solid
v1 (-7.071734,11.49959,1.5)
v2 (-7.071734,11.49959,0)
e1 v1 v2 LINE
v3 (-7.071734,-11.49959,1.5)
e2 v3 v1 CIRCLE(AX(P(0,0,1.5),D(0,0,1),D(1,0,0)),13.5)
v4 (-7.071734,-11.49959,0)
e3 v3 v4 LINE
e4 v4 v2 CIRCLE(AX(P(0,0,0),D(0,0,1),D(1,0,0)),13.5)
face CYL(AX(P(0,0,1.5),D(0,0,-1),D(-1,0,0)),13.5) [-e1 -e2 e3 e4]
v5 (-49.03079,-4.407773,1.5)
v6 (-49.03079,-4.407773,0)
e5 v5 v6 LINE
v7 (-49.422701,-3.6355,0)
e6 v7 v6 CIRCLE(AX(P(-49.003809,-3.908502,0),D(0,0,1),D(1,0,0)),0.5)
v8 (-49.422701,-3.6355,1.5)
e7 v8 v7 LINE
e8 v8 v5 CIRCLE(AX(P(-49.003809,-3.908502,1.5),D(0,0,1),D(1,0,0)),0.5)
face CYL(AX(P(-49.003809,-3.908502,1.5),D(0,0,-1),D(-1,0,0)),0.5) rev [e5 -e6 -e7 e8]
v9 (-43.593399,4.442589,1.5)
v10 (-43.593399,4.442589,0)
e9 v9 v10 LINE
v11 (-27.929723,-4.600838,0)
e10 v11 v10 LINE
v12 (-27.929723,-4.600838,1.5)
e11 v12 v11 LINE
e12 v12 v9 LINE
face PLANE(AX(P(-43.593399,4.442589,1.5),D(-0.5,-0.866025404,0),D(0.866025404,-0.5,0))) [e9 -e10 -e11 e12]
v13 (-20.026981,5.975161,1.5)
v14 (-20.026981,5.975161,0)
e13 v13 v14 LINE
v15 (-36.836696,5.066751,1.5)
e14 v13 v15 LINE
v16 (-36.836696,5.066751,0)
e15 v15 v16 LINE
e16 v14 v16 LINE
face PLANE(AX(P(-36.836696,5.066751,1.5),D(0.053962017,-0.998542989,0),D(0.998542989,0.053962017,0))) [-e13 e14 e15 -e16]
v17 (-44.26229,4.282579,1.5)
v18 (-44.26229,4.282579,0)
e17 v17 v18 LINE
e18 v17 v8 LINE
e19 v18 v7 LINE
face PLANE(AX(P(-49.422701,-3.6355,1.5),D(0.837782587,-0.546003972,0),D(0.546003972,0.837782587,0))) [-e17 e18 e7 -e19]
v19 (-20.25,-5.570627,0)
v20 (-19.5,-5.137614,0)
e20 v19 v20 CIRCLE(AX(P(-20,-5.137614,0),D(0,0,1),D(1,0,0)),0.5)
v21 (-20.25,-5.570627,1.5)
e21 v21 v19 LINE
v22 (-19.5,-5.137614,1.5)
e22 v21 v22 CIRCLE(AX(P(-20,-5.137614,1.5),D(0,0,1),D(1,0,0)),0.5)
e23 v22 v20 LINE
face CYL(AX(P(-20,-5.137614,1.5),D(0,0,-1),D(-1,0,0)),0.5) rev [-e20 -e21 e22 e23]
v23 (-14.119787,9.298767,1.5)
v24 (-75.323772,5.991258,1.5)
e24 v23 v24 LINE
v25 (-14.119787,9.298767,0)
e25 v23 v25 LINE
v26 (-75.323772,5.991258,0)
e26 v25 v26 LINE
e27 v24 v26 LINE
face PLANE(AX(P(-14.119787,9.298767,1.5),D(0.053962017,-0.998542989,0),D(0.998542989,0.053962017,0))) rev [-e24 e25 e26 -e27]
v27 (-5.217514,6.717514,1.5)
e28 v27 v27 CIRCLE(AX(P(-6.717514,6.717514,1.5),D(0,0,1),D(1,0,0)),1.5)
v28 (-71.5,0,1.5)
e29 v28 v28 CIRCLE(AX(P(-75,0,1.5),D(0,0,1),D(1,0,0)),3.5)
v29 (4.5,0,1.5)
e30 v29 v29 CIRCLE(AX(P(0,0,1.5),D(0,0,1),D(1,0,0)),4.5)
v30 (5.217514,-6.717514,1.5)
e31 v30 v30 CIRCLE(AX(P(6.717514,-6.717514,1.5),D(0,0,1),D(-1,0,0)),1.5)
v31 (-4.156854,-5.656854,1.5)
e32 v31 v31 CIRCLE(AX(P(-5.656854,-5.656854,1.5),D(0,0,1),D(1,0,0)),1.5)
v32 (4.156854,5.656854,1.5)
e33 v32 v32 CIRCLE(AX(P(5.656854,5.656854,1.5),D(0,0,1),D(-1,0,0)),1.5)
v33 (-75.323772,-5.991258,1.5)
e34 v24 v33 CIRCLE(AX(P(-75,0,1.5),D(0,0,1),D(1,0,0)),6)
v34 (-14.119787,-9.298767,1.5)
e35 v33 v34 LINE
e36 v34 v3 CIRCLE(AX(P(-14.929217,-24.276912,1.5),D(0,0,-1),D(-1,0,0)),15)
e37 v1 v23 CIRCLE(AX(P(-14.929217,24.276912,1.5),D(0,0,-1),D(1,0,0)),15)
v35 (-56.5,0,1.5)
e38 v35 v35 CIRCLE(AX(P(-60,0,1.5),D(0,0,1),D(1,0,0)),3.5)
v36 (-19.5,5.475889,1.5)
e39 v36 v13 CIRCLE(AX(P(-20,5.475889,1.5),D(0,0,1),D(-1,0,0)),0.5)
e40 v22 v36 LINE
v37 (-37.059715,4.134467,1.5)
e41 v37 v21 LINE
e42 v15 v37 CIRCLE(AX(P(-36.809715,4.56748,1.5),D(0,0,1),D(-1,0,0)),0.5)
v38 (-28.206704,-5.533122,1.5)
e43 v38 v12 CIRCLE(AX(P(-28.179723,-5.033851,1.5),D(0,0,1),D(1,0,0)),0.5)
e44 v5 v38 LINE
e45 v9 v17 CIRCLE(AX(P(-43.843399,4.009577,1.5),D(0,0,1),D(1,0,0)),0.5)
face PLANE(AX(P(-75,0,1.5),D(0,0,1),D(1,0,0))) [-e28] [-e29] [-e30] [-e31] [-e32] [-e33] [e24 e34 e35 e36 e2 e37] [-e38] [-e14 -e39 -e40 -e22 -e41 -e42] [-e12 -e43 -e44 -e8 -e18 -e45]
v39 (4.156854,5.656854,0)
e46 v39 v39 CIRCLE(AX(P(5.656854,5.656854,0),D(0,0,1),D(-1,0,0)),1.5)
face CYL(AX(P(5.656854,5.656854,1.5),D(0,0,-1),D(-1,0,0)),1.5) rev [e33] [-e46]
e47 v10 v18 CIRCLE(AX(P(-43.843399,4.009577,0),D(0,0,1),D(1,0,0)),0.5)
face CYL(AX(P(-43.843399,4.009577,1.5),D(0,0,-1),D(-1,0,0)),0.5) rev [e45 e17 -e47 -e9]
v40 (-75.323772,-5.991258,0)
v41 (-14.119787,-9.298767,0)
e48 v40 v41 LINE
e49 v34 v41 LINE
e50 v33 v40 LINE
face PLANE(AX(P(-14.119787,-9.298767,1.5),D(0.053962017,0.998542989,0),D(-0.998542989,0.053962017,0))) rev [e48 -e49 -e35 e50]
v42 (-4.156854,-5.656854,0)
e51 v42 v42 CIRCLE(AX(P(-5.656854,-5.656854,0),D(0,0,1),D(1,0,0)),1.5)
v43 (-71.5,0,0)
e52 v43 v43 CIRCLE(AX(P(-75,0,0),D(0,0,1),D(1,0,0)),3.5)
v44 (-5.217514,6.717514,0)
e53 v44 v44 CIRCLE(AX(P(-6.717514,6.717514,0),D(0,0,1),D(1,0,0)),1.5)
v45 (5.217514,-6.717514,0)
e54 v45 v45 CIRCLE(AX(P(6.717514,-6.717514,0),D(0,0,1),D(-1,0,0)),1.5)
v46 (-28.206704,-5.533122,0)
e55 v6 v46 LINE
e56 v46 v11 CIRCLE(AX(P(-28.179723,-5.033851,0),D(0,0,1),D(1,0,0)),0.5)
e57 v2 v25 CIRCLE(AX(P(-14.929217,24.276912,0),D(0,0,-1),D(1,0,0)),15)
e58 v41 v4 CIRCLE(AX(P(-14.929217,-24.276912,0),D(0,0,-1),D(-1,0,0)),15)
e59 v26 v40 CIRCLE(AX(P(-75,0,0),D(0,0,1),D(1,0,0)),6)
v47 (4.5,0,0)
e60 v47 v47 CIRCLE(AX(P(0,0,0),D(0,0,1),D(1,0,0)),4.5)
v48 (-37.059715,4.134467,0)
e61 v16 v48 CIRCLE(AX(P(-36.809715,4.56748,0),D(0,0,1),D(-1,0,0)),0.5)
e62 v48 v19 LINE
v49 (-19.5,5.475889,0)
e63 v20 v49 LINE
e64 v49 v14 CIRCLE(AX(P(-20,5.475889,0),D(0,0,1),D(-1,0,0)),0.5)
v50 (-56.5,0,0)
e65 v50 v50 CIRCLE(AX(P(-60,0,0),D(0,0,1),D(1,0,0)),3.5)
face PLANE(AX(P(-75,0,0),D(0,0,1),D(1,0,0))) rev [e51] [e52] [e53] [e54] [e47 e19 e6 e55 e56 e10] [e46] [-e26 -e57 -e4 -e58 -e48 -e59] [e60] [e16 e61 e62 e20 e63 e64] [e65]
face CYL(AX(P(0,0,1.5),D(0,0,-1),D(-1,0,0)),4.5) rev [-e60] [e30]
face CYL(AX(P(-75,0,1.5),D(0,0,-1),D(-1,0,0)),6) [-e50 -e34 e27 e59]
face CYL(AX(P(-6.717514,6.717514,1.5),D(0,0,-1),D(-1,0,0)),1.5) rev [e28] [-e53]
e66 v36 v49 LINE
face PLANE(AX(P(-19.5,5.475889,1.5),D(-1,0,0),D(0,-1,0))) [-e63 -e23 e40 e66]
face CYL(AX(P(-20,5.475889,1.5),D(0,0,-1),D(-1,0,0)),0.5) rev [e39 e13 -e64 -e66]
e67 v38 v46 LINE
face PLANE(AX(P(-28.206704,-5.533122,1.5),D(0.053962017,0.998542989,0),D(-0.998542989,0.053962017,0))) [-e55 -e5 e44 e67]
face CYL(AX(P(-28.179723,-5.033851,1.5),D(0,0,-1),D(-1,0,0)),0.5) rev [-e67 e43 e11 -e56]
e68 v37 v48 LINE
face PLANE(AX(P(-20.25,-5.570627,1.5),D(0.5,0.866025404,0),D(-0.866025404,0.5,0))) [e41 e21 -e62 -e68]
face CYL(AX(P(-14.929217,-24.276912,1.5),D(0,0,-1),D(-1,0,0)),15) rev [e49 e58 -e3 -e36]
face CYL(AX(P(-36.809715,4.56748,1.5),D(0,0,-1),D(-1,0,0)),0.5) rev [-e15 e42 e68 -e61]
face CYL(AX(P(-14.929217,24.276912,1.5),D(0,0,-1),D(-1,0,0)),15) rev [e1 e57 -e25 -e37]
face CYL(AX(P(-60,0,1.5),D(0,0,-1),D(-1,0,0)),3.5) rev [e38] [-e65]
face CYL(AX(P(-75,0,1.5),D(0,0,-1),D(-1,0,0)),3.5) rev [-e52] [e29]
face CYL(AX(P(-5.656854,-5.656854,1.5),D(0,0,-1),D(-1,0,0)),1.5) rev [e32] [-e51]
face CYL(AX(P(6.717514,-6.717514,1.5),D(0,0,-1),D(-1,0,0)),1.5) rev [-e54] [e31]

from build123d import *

# Parameters (mm, degrees)
SKETCH_1_R      = 1.5
SKETCH_1_R_2    = 4.5
SKETCH_1_R_3    = 3.5
EXTRUDE_1_DEPTH = 1.5


with BuildPart() as part:
    # 草图1 → 凸台-拉伸1 (new body)
    with BuildSketch(Plane.XY):
        with BuildLine():
            Line((-14.119787017, 9.298767484), (-75.323772101, 5.991257934))
            ThreePointArc((-75.323772101, 5.991257934), (-81, 0), (-75.323772101, -5.991257934))
            Line((-75.323772101, -5.991257934), (-14.119787017, -9.298767484))
            ThreePointArc((-14.119787017, -9.298767484), (-10.458227409, -9.958733326), (-7.071734496, -11.499590046))
            ThreePointArc((-7.071734496, -11.499590046), (13.5, 0), (-7.071734496, 11.499590046))
            ThreePointArc((-7.071734496, 11.499590046), (-10.458227409, 9.958733326), (-14.119787017, 9.298767484))
        make_face()
        with Locations((-5.656854249, -5.656854249)):
            Circle(SKETCH_1_R, mode=Mode.SUBTRACT)
        with Locations((-6.717514421, 6.717514421)):
            Circle(SKETCH_1_R, mode=Mode.SUBTRACT)
        with Locations((5.656854249, 5.656854249)):
            Circle(SKETCH_1_R, mode=Mode.SUBTRACT)
        with Locations((6.717514421, -6.717514421)):
            Circle(SKETCH_1_R, mode=Mode.SUBTRACT)
        Circle(SKETCH_1_R_2, mode=Mode.SUBTRACT)
        with Locations((-60, 0)):
            Circle(SKETCH_1_R_3, mode=Mode.SUBTRACT)
        with Locations((-75, 0)):
            Circle(SKETCH_1_R_3, mode=Mode.SUBTRACT)
        with BuildLine():
            Line((-19.5, 5.475889357), (-19.5, -5.137613899))
            ThreePointArc((-19.5, -5.137613899), (-19.75, -5.570626601), (-20.25, -5.570626601))
            Line((-20.25, -5.570626601), (-37.059715141, 4.134466961))
            ThreePointArc((-37.059715141, 4.134466961), (-37.295994973, 4.683806463), (-36.836696149, 5.066751157))
            Line((-36.836696149, 5.066751157), (-20.026981008, 5.975160851))
            ThreePointArc((-20.026981008, 5.975160851), (-19.656118119, 5.838856645), (-19.5, 5.475889357))
        make_face(mode=Mode.SUBTRACT)
        with BuildLine():
            Line((-43.593398767, 4.442589346), (-27.929722665, -4.600838268))
            ThreePointArc((-27.929722665, -4.600838268), (-27.700428576, -5.176248922), (-28.206703673, -5.533122464))
            Line((-28.206703673, -5.533122464), (-49.030790414, -4.407773099))
            ThreePointArc((-49.030790414, -4.407773099), (-49.449681707, -4.134771113), (-49.422700699, -3.635499618))
            Line((-49.422700699, -3.635499618), (-44.262290061, 4.28257863))
            ThreePointArc((-44.262290061, 4.28257863), (-43.959725568, 4.495856477), (-43.593398767, 4.442589346))
        make_face(mode=Mode.SUBTRACT)
    extrude(amount=EXTRUDE_1_DEPTH)


solid = part.part
